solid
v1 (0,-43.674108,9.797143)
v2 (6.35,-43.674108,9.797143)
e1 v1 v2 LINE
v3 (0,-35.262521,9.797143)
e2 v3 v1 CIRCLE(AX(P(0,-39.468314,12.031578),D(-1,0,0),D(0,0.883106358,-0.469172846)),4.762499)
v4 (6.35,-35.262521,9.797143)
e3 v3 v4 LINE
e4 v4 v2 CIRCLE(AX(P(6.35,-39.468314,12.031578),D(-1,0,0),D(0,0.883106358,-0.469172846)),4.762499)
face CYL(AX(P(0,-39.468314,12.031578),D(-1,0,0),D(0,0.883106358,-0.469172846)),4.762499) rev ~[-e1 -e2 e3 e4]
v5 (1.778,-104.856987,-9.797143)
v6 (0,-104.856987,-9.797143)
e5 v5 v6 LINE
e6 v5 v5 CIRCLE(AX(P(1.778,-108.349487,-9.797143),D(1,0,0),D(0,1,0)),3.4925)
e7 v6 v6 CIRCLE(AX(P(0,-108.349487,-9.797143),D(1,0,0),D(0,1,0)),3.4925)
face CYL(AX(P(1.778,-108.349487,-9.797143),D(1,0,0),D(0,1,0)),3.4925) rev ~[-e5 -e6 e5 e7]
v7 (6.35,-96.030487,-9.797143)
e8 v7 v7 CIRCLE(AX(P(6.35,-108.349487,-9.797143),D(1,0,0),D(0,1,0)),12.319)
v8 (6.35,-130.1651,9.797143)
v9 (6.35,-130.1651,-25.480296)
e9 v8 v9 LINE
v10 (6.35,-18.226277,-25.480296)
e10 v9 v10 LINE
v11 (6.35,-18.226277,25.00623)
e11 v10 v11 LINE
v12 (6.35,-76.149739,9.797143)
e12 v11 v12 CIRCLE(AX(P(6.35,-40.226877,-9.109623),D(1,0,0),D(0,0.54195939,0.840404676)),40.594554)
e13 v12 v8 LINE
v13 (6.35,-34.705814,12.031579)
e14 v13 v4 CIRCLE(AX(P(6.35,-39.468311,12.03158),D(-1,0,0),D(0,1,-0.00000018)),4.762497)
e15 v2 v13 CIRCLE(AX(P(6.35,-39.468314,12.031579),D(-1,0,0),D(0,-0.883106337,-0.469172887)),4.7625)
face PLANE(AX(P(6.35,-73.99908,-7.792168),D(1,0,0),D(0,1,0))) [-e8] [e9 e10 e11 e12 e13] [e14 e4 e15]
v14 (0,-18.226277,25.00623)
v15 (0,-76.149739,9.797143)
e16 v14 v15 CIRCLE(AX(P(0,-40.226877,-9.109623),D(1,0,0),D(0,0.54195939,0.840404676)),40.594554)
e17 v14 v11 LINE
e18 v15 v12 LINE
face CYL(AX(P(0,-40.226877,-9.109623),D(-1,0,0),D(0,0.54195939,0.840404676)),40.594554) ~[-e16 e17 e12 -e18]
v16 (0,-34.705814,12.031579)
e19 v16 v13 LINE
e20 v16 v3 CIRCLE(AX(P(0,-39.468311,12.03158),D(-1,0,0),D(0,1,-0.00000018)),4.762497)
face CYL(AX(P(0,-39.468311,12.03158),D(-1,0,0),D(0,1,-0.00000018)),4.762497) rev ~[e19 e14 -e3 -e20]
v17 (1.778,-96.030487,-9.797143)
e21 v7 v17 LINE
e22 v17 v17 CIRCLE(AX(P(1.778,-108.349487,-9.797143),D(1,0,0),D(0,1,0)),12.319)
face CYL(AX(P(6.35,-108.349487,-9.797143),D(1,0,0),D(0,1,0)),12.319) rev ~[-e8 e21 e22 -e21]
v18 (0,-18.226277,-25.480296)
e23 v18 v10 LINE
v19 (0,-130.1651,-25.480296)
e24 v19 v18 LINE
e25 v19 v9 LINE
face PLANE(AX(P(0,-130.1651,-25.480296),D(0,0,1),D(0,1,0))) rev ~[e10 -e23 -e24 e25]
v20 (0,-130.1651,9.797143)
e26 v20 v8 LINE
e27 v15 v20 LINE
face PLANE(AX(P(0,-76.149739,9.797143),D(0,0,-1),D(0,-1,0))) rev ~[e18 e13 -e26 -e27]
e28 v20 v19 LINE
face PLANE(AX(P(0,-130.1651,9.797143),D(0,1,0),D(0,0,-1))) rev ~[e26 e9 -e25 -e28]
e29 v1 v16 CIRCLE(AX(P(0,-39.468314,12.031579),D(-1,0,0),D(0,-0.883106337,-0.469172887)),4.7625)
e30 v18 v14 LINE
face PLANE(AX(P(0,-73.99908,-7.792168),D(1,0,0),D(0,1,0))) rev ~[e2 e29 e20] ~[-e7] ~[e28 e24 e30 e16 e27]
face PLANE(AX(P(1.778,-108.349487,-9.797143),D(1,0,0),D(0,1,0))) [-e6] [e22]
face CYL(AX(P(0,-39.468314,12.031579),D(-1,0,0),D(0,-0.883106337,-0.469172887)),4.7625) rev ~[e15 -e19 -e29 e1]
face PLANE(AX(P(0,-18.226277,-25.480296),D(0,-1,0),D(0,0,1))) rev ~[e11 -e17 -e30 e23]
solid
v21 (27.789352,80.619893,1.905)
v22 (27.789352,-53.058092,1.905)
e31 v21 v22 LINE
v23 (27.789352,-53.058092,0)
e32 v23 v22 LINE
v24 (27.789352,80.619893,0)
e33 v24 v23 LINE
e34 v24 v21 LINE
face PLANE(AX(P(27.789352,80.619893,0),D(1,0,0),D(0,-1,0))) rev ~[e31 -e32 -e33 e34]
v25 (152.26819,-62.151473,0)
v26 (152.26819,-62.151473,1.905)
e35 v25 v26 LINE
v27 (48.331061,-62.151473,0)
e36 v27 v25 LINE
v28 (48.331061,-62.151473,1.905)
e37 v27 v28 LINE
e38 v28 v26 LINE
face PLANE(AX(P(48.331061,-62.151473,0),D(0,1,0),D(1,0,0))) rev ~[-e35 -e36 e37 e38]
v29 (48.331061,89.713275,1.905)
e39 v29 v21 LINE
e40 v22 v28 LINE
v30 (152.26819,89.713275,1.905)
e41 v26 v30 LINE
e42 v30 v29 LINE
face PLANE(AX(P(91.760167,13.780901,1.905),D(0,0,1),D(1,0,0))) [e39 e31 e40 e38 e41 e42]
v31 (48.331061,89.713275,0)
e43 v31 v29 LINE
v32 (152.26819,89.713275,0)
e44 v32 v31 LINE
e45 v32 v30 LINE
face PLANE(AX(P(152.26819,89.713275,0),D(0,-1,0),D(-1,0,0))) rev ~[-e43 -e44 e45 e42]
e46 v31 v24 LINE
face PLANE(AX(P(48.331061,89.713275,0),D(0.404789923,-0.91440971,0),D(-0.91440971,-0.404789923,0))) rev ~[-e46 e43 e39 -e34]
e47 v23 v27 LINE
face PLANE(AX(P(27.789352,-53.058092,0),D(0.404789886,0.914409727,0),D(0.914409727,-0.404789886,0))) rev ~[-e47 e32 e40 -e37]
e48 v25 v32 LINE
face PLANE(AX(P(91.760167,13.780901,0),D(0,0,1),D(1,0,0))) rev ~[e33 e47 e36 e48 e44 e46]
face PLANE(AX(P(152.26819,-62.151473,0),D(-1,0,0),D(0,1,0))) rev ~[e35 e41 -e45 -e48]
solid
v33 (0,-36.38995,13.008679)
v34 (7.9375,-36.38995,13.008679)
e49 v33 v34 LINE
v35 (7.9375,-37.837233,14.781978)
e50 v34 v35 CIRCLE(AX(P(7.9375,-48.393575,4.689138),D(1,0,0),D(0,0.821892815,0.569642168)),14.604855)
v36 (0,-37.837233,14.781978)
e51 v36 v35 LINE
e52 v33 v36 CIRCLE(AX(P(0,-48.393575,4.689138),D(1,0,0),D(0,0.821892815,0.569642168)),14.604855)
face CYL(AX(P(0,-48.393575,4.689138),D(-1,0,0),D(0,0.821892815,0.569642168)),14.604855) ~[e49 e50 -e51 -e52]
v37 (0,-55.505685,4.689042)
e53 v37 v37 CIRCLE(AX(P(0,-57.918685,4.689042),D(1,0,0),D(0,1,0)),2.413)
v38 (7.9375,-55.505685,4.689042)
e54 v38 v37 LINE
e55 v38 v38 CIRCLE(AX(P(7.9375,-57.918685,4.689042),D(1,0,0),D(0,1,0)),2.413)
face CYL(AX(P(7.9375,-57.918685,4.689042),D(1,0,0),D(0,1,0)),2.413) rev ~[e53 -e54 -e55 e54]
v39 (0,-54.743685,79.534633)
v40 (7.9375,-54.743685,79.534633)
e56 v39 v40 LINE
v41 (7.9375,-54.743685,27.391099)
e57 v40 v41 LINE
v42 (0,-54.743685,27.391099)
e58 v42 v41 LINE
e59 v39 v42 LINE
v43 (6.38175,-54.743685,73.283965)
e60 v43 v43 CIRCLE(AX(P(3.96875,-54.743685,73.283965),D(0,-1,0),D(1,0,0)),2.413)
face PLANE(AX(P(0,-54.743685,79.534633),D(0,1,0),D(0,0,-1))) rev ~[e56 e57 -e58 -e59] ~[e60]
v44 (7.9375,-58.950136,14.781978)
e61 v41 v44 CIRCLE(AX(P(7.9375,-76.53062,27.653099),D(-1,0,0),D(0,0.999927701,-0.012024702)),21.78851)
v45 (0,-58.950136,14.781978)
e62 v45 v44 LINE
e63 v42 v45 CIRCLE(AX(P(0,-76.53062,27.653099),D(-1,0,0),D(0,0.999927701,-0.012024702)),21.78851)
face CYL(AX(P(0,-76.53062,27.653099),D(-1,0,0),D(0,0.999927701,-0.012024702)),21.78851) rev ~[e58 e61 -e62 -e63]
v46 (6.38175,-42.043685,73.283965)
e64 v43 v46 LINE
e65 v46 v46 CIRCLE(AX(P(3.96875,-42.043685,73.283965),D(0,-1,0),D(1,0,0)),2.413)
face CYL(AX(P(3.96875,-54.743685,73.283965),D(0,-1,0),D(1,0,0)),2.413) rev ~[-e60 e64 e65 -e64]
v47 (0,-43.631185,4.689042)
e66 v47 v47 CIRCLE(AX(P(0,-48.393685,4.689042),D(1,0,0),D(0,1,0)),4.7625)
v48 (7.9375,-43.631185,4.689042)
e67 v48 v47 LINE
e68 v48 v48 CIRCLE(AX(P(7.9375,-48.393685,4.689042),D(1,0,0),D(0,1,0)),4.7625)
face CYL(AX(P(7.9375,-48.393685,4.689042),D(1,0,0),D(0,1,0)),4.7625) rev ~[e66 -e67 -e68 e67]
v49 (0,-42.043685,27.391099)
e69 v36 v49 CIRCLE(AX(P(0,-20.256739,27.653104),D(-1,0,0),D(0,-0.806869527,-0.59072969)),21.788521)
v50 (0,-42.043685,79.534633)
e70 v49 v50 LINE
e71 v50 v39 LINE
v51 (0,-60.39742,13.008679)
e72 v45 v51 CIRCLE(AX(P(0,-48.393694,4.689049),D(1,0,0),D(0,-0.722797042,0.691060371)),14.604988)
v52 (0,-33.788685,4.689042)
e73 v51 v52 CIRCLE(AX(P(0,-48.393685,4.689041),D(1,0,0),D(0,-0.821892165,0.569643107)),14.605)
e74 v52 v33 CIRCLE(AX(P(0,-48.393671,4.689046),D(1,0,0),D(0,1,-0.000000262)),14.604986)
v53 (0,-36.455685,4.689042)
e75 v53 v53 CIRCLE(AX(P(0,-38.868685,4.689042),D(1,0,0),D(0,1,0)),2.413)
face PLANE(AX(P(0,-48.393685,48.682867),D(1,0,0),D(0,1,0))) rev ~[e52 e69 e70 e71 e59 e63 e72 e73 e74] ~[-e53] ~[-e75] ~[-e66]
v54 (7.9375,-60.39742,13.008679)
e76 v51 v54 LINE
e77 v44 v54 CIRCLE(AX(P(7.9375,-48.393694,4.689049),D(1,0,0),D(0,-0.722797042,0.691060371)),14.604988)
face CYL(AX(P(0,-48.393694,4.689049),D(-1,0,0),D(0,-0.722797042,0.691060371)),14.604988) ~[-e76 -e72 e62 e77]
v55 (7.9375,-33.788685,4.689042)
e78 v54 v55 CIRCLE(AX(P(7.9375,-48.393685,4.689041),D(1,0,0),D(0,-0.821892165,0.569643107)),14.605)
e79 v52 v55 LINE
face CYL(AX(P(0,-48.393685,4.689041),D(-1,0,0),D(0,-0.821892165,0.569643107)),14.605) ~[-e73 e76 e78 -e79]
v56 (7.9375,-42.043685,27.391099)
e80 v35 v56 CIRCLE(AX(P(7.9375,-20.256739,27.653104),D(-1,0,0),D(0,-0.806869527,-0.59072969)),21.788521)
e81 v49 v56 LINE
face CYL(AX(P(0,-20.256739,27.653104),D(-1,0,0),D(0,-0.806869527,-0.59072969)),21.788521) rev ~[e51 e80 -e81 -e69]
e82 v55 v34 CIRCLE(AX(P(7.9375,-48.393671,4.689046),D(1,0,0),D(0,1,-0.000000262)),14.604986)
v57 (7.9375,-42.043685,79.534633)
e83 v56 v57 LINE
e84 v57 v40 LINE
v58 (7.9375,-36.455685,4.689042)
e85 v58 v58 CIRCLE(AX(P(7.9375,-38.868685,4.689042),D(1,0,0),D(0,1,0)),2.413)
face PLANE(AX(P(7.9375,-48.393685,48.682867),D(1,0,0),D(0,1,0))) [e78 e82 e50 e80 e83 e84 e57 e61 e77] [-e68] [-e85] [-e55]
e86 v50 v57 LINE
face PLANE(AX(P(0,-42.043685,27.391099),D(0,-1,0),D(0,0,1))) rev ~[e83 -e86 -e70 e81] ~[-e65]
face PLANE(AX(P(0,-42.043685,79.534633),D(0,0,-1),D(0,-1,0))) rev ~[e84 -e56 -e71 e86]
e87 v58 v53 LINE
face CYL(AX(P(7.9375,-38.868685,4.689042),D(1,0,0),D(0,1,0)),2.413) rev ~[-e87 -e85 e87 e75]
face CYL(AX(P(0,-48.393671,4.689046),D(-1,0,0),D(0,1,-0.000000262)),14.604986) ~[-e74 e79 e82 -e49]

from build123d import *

# Parameters (mm, degrees)
F1_DEPTH  = 7.9375
F2_R      = 2.413
F3_DEPTH  = 12.7
F4_R      = 2.413
F5_DEPTH  = 7.9375
F7_DEPTH  = 6.35
F9_DEPTH  = 1.905
F10_R     = 12.319
F11_DEPTH = 4.572
F12_R     = 3.4925
F13_DEPTH = 1.778


with BuildPart() as f1:
    # F0 (on Right) → F1 (new body)
    with BuildSketch(Plane.YZ):
        with BuildLine():
            Line((-42.043685, 27.915105), (-42.043685, 79.534633))
            Line((-42.043685, 79.534633), (-48.393685, 79.534633))
            Line((-48.393685, 79.534633), (-54.743685, 79.534633))
            Line((-54.743685, 79.534633), (-54.743685, 27.915105))
            ThreePointArc((-54.743685, 27.915105), (-54.742109, 27.653102), (-54.743685, 27.391099))
            Line((-54.743685, 27.391099), (-54.743685, 17.841362))
            ThreePointArc((-54.743685, 17.841362), (-48.393685, 19.294042), (-42.043685, 17.841362))
            Line((-42.043685, 17.841362), (-42.043685, 27.391099))
            ThreePointArc((-42.043685, 27.391099), (-42.04526, 27.653102), (-42.043685, 27.915105))
        make_face()
        with BuildLine():
            Line((-42.043685, 27.391099), (-42.043685, 27.915105))
            ThreePointArc((-42.043685, 27.915105), (-42.04526, 27.653102), (-42.043685, 27.391099))
        make_face()
        with BuildLine():
            ThreePointArc((-37.837233, 14.781978), (-40.925467, 20.757936), (-42.043685, 27.391099))
            Line((-42.043685, 27.391099), (-42.043685, 17.841362))
            ThreePointArc((-42.043685, 17.841362), (-39.803168, 16.500436), (-37.837233, 14.781978))
        make_face()
        with BuildLine():
            ThreePointArc((-54.743685, 27.391099), (-54.742109, 27.653102), (-54.743685, 27.915105))
            Line((-54.743685, 27.915105), (-54.743685, 27.391099))
        make_face()
        with BuildLine():
            ThreePointArc((-37.837233, 14.781978), (-39.803168, 16.500436), (-42.043685, 17.841362))
            Line((-42.043685, 17.841362), (-42.043685, 9.684633))
            Line((-42.043685, 9.684633), (-54.743685, 9.684633))
            Line((-54.743685, 9.684633), (-54.743685, 17.841362))
            ThreePointArc((-54.743685, 17.841362), (-56.984202, 16.500436), (-58.950136, 14.781978))
            ThreePointArc((-58.950136, 14.781978), (-59.650476, 13.87631), (-60.39742, 13.008679))
            ThreePointArc((-60.39742, 13.008679), (-52.752095, -9.250481), (-33.788685, 4.689042))
            ThreePointArc((-33.788685, 4.689042), (-34.454162, 9.047452), (-36.38995, 13.008679))
            ThreePointArc((-36.38995, 13.008679), (-37.136894, 13.87631), (-37.837233, 14.781978))
        make_face()
        with BuildLine():
            ThreePointArc((-36.38995, 13.008679), (-37.078798, 13.923725), (-37.837233, 14.781978))
            ThreePointArc((-37.837233, 14.781978), (-37.136894, 13.87631), (-36.38995, 13.008679))
        make_face()
        with BuildLine():
            Line((-54.743685, 17.841362), (-54.743685, 27.391099))
            ThreePointArc((-54.743685, 27.391099), (-55.861902, 20.757936), (-58.950136, 14.781978))
            ThreePointArc((-58.950136, 14.781978), (-56.984202, 16.500436), (-54.743685, 17.841362))
        make_face()
        with BuildLine():
            ThreePointArc((-60.39742, 13.008679), (-59.650476, 13.87631), (-58.950136, 14.781978))
            ThreePointArc((-58.950136, 14.781978), (-59.708571, 13.923725), (-60.39742, 13.008679))
        make_face()
        with BuildLine():
            Line((-42.043685, 9.684633), (-42.043685, 17.841362))
            ThreePointArc((-42.043685, 17.841362), (-48.393685, 19.294042), (-54.743685, 17.841362))
            Line((-54.743685, 17.841362), (-54.743685, 9.684633))
            Line((-54.743685, 9.684633), (-42.043685, 9.684633))
        make_face()
    extrude(amount=F1_DEPTH)

    # F2 (on face) → F3 (cut, through all)
    with BuildSketch(Plane.XZ.offset(54.743685)):
        with Locations((3.96875, 73.283965)):
            Circle(F2_R)
    extrude(amount=-F3_DEPTH, mode=Mode.SUBTRACT)

    # F4 (on face) → F5 (cut, through all)
    with BuildSketch(Plane.YZ.offset(7.9375)):
        with BuildLine():
            ThreePointArc((-53.156185, 4.689042), (-48.393685, -0.073458), (-43.631185, 4.689042))
            ThreePointArc((-43.631185, 4.689042), (-48.393685, 9.451542), (-53.156185, 4.689042))
        make_face()
        with Locations((-57.918685, 4.689042)):
            Circle(F4_R)
        with Locations((-38.868685, 4.689042)):
            Circle(F4_R)
    extrude(amount=-F5_DEPTH, mode=Mode.SUBTRACT)


with BuildPart() as f7:
    # F6 (on Right) → F7 (new body)
    with BuildSketch(Plane.YZ):
        with BuildLine():
            Line((-130.1651, 9.797143), (-130.1651, -25.480296))
            Line((-130.1651, -25.480296), (-18.226277, -25.480296))
            Line((-18.226277, -25.480296), (-18.226277, 9.797143))
            Line((-18.226277, 9.797143), (-35.262521, 9.797143))
            ThreePointArc((-35.262521, 9.797143), (-39.468314, 7.269079), (-43.674108, 9.797143))
            Line((-43.674108, 9.797143), (-76.149739, 9.797143))
            Line((-76.149739, 9.797143), (-130.1651, 9.797143))
        make_face()
        with BuildLine():
            Line((-35.262521, 9.797143), (-18.226277, 9.797143))
            Line((-18.226277, 9.797143), (-18.226277, 25.00623))
            ThreePointArc((-18.226277, 25.00623), (-50.536408, 30.153991), (-76.149739, 9.797143))
            Line((-76.149739, 9.797143), (-43.674108, 9.797143))
            ThreePointArc((-43.674108, 9.797143), (-40.619686, 16.652807), (-34.705814, 12.031579))
            ThreePointArc((-34.705814, 12.031579), (-34.847086, 10.880208), (-35.262521, 9.797143))
        make_face()
    extrude(amount=F7_DEPTH)

    # F10 (on face) → F11 (cut)
    with BuildSketch(Plane.YZ.offset(6.35)):
        with Locations((-108.349487, -9.797143)):
            Circle(F10_R)
    extrude(amount=-F11_DEPTH, mode=Mode.SUBTRACT)

    # F12 (on face) → F13 (cut, through all)
    with BuildSketch(Plane.YZ.offset(1.778)):
        with Locations((-108.349487, -9.797143)):
            Circle(F12_R)
    extrude(amount=-F13_DEPTH, mode=Mode.SUBTRACT)


with BuildPart() as f9:
    # F8 (on Top) → F9 (new body)
    with BuildSketch(Plane.XY):
        Polygon((48.331061, -62.151473), (152.26819, -62.151473), (152.26819, 89.713275), (48.331061, 89.713275), (27.789352, 80.619893), (27.789352, -53.058092), align=None)
    extrude(amount=F9_DEPTH)


solid = Compound([f1.part, f7.part, f9.part])
